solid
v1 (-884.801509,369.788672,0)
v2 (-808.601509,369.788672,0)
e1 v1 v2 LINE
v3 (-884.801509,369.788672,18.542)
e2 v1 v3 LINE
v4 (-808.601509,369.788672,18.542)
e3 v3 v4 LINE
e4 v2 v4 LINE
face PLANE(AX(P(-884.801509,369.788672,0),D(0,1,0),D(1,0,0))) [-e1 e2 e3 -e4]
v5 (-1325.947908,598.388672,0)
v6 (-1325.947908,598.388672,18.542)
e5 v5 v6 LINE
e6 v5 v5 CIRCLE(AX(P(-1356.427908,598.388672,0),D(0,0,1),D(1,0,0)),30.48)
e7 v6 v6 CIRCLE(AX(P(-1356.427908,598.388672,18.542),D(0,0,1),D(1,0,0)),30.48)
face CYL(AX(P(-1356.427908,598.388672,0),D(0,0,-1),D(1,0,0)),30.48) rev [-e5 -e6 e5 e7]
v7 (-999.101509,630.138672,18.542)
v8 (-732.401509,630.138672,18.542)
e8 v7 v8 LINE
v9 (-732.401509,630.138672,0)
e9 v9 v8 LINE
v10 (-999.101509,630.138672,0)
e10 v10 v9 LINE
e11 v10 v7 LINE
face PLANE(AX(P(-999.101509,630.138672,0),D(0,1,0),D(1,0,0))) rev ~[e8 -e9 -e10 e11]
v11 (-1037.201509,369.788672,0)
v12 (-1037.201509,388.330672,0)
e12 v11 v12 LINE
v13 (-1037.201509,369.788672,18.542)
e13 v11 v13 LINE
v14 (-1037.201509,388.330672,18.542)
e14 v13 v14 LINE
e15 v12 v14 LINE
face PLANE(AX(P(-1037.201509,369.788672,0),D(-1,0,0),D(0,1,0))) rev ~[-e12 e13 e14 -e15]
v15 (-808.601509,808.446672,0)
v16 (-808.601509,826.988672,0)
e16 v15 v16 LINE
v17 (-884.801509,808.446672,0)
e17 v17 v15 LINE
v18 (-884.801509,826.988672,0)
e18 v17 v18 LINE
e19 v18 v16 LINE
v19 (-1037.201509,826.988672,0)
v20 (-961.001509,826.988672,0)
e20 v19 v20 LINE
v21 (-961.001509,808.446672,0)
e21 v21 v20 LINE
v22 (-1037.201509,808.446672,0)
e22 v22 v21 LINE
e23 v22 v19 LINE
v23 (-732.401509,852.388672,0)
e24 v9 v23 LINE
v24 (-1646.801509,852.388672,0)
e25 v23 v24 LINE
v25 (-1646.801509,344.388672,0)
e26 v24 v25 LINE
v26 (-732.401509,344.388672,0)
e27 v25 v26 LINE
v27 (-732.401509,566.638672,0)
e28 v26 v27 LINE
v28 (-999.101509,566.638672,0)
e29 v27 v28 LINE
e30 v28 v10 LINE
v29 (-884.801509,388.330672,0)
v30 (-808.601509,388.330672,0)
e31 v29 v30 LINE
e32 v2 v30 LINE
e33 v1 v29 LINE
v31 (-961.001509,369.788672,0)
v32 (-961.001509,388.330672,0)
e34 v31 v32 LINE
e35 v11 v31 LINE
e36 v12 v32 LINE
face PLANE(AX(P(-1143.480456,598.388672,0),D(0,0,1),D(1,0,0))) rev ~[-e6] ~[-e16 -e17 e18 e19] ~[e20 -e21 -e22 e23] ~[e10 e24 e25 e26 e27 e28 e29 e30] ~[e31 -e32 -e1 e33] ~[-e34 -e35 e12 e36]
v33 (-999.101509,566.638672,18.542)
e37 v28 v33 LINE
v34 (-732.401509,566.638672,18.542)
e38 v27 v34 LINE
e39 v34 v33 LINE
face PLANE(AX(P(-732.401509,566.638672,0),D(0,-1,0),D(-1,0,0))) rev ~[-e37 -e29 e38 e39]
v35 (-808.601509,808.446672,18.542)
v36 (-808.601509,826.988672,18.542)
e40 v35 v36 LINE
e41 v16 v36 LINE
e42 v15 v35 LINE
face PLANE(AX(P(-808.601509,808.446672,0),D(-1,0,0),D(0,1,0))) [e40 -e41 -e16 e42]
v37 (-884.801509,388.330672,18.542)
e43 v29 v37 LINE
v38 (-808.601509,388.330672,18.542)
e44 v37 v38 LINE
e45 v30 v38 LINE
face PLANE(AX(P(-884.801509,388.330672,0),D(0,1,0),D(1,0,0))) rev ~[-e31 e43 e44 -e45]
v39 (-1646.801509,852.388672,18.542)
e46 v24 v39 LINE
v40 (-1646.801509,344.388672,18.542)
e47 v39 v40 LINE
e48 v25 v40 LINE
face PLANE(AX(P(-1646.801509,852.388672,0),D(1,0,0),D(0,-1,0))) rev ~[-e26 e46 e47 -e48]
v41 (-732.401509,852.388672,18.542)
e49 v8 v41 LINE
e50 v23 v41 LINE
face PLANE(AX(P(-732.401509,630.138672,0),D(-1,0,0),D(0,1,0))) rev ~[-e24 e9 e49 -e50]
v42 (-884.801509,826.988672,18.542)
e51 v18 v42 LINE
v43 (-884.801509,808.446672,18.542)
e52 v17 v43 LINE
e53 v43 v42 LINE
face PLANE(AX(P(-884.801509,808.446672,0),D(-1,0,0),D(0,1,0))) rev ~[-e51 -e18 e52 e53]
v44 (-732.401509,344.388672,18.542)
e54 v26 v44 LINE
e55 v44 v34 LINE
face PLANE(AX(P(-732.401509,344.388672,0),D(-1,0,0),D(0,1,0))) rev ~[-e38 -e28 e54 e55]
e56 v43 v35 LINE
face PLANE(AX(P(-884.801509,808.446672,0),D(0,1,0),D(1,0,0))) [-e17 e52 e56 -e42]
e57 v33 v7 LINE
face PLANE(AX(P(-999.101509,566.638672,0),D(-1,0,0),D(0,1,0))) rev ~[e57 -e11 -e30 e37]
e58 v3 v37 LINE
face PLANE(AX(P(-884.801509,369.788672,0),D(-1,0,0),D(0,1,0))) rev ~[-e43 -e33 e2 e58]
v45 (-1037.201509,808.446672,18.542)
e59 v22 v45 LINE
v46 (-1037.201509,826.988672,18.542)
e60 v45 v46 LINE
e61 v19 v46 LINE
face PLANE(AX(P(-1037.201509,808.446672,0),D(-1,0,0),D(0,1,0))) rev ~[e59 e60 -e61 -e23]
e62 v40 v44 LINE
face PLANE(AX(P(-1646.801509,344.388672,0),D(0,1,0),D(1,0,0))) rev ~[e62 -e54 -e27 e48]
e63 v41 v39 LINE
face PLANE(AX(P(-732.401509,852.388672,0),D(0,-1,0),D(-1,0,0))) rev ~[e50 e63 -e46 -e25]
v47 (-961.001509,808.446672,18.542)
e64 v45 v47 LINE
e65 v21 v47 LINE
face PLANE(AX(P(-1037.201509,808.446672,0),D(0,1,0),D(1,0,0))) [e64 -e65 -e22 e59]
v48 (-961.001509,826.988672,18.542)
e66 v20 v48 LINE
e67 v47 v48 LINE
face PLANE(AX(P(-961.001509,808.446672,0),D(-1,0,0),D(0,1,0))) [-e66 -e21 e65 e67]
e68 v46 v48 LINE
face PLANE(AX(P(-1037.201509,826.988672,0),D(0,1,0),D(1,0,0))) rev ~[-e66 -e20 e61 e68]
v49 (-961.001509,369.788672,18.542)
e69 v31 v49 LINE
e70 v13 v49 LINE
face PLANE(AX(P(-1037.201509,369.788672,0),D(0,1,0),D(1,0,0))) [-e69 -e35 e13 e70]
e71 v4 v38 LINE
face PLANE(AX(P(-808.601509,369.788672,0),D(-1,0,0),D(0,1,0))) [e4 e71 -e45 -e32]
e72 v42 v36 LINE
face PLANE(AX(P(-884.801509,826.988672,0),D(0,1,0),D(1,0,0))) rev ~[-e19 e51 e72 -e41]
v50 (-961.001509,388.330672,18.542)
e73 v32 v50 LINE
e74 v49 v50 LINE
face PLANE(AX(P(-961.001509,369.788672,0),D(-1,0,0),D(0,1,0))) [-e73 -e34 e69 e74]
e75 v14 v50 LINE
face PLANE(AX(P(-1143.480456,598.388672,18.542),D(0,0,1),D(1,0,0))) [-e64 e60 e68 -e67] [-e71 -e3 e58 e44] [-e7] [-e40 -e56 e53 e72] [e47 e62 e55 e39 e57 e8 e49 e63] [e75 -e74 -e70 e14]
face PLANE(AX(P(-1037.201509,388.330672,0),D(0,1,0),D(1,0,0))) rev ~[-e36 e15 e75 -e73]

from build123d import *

# Parameters (mm, degrees)
F0_W     = 76.2
F0_H     = 18.542
F0_R     = 30.48
F1_DEPTH = 18.542
F2_DEPTH = 18.542


with BuildPart() as f1:
    # F0 (on Top) → F1 (new body)
    with BuildSketch(Plane.XY):
        Polygon((-732.4015087128, 852.3886724055), (-1646.8015087128, 852.3886724055), (-1646.8015087128, 547.5886724055), (-1646.8015087128, 344.3886724055), (-732.4015087128, 344.3886724055), (-732.4015087128, 369.7886724055), (-732.4015087128, 566.6386724055), (-999.1015087128, 566.6386724055), (-999.1015087128, 630.1386724055), (-732.4015087128, 630.1386724055), (-732.4015087128, 808.4466724055), (-732.4015087128, 826.9886724055), align=None)
        with Locations((-999.1015087128, 379.0596724055)):
            Rectangle(F0_W, F0_H, mode=Mode.SUBTRACT)
        with Locations((-846.7015087128, 379.0596724055)):
            Rectangle(F0_W, F0_H, mode=Mode.SUBTRACT)
        with Locations((-1356.4279079437, 598.3886724055)):
            Circle(F0_R, mode=Mode.SUBTRACT)
        with Locations((-999.1015087128, 817.7176724055)):
            Rectangle(F0_W, F0_H, mode=Mode.SUBTRACT)
        with Locations((-846.7015087128, 817.7176724055)):
            Rectangle(F0_W, F0_H, mode=Mode.SUBTRACT)
    extrude(amount=F1_DEPTH)

    # F0 (on Top) → F2 (join)
    with BuildSketch(Plane.XY):
        Polygon((-732.4015087128, 852.3886724055), (-1646.8015087128, 852.3886724055), (-1646.8015087128, 547.5886724055), (-1646.8015087128, 344.3886724055), (-732.4015087128, 344.3886724055), (-732.4015087128, 369.7886724055), (-732.4015087128, 566.6386724055), (-999.1015087128, 566.6386724055), (-999.1015087128, 630.1386724055), (-732.4015087128, 630.1386724055), (-732.4015087128, 808.4466724055), (-732.4015087128, 826.9886724055), align=None)
        with Locations((-999.1015087128, 379.0596724055)):
            Rectangle(F0_W, F0_H, mode=Mode.SUBTRACT)
        with Locations((-846.7015087128, 379.0596724055)):
            Rectangle(F0_W, F0_H, mode=Mode.SUBTRACT)
        with Locations((-1356.4279079437, 598.3886724055)):
            Circle(F0_R, mode=Mode.SUBTRACT)
        with Locations((-999.1015087128, 817.7176724055)):
            Rectangle(F0_W, F0_H, mode=Mode.SUBTRACT)
        with Locations((-846.7015087128, 817.7176724055)):
            Rectangle(F0_W, F0_H, mode=Mode.SUBTRACT)
    extrude(amount=F2_DEPTH)


solid = f1.part
